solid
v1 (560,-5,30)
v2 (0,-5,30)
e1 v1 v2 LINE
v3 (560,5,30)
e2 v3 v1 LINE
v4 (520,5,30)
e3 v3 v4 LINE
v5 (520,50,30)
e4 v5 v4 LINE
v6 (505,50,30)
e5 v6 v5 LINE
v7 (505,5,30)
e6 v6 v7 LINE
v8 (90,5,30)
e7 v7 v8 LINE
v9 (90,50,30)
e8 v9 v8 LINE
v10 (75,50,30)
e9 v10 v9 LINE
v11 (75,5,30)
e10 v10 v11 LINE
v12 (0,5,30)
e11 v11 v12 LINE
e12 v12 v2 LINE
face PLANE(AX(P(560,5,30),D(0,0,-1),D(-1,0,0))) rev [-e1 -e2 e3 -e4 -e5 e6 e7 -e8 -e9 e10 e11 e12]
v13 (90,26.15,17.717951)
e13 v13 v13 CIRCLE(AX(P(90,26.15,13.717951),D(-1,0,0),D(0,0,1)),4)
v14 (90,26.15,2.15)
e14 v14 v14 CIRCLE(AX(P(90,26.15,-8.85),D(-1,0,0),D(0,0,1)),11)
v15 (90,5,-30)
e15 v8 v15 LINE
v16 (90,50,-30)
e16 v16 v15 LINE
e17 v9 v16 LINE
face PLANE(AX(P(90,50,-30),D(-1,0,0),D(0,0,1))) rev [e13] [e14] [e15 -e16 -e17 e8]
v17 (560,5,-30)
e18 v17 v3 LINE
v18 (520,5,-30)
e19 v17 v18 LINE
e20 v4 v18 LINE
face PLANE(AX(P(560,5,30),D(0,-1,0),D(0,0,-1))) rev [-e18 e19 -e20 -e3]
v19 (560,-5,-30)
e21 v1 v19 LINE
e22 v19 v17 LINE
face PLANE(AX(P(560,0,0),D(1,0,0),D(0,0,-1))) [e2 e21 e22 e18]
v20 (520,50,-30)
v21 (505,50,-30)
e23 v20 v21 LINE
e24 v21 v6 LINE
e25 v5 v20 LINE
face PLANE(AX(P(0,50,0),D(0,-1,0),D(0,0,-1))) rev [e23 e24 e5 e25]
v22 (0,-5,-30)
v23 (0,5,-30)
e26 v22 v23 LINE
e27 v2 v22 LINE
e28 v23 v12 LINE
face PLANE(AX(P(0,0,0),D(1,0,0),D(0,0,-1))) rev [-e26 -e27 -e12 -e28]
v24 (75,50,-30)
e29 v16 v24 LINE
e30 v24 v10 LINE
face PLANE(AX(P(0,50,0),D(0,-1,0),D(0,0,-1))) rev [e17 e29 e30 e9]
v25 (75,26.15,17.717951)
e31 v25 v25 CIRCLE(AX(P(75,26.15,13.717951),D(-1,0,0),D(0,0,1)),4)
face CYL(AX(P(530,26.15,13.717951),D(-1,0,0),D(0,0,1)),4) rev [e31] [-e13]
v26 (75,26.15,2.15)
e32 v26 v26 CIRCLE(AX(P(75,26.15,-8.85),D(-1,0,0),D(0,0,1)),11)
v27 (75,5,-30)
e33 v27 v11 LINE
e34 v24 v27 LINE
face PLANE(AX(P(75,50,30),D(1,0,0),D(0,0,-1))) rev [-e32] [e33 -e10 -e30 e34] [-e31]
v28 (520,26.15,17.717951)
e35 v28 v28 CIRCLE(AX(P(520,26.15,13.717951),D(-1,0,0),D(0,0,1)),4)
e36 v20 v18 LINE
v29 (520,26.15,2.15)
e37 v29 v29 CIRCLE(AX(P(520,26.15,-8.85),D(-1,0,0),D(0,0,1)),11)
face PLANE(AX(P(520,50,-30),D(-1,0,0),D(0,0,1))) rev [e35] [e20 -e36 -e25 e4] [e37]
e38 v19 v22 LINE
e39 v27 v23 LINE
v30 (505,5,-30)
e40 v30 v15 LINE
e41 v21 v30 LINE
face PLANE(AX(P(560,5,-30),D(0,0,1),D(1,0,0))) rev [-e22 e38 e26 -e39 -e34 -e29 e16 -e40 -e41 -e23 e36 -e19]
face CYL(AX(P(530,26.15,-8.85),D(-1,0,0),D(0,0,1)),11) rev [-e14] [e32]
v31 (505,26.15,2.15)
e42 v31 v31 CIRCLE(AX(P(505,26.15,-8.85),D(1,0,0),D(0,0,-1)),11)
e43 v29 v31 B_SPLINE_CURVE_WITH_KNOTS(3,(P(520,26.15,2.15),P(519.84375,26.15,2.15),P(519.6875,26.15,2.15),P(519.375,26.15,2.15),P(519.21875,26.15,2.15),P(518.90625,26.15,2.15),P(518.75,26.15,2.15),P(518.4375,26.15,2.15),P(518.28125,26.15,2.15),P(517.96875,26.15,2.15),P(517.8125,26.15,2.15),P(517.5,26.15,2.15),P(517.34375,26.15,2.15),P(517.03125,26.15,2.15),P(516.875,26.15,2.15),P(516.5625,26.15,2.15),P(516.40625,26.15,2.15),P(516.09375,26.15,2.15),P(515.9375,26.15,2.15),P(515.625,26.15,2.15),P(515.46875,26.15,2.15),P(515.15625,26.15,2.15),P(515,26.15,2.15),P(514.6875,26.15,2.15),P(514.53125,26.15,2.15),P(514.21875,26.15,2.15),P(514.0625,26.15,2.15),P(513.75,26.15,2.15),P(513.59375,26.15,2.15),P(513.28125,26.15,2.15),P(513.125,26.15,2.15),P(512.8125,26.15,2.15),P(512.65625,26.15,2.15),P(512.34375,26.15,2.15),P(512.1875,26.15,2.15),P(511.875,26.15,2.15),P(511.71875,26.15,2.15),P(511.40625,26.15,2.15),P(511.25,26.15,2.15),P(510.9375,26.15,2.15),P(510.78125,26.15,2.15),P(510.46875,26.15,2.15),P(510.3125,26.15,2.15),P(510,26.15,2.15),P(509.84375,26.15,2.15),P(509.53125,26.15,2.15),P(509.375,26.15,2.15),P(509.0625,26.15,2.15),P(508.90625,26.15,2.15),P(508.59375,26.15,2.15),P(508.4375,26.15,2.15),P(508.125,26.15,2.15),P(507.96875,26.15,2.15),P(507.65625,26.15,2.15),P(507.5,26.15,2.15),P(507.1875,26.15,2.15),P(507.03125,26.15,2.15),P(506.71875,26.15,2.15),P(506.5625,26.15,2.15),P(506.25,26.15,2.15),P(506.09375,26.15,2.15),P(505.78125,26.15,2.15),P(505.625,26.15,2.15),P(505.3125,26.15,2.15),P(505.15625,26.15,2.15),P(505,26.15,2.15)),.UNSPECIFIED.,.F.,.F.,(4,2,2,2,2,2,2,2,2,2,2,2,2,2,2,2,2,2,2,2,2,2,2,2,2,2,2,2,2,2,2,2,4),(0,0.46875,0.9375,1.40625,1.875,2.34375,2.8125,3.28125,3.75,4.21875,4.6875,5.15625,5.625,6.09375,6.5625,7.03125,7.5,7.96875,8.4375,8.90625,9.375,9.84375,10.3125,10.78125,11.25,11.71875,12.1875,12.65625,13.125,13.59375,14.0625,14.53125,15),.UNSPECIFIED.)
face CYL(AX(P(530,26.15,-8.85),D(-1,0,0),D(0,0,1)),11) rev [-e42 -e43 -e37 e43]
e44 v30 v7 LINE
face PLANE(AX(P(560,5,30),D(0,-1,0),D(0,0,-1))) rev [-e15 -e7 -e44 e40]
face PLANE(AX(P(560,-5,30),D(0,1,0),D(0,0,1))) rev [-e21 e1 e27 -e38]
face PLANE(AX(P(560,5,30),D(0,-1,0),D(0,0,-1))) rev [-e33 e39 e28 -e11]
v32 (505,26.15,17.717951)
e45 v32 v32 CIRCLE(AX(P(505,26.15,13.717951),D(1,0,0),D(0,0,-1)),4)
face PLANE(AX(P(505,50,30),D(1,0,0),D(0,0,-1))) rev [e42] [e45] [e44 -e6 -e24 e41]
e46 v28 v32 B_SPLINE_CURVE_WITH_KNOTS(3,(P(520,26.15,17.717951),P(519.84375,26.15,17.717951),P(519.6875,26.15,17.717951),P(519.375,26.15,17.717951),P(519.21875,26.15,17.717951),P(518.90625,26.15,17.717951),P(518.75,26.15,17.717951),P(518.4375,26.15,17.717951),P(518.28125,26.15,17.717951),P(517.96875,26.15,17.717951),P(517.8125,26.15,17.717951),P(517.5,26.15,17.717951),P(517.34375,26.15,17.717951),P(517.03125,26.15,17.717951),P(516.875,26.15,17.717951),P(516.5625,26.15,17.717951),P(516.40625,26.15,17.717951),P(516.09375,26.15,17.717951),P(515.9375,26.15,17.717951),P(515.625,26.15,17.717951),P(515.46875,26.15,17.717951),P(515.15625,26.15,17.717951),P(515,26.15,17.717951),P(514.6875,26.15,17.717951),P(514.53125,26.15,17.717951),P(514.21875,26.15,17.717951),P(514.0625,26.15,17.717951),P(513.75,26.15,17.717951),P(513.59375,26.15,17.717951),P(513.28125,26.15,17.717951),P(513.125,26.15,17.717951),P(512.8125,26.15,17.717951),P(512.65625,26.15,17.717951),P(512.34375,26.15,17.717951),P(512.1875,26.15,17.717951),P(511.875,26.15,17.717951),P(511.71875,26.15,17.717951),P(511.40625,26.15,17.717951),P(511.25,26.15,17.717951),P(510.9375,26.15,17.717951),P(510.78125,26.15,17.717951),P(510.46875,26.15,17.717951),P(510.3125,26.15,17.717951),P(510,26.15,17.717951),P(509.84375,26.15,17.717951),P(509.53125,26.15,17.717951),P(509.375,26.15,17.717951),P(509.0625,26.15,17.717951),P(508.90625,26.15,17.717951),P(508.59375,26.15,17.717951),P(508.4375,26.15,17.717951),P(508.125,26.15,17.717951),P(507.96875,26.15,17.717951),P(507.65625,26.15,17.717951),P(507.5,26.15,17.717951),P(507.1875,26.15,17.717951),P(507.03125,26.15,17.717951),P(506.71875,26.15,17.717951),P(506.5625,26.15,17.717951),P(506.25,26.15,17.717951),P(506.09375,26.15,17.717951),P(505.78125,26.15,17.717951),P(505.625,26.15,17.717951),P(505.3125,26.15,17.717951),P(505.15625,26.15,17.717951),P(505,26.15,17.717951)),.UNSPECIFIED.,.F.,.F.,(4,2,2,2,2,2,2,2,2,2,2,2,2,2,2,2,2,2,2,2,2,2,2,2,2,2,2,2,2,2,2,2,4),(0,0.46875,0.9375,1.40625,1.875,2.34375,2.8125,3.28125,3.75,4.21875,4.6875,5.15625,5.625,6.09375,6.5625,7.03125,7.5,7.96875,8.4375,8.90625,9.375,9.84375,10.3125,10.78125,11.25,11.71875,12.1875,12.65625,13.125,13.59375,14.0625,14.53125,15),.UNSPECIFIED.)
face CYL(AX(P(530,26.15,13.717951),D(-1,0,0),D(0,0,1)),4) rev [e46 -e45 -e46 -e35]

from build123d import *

# Parameters (mm, degrees)
SKETCH2_W           = 60
SKETCH2_H           = 10
BOSS_EXTRUDE1_DEPTH = 560
SKETCH4_W           = 15
SKETCH4_H           = 60
BOSS_EXTRUDE2_DEPTH = 45
SKETCH5_W           = 15
SKETCH5_H           = 60
BOSS_EXTRUDE3_DEPTH = 45
SKETCH6_R           = 11
SKETCH6_R_2         = 4
CUT_EXTRUDE1_DEPTH  = 455


with BuildPart() as part:
    # Sketch2 → Boss-Extrude1 (new body)
    with BuildSketch(Plane(origin=(0, 0, 0), x_dir=(0, 0, -1), z_dir=(1, 0, 0))):
        Rectangle(SKETCH2_W, SKETCH2_H)
    extrude(amount=BOSS_EXTRUDE1_DEPTH)

    # Sketch4 → Boss-Extrude2 (add)
    with BuildSketch(Plane(origin=(0, 5, 0), x_dir=(1, 0, 0), z_dir=(0, 1, 0))):
        with Locations((82.5, 0)):
            Rectangle(SKETCH4_W, SKETCH4_H)
    extrude(amount=BOSS_EXTRUDE2_DEPTH)

    # Sketch5 → Boss-Extrude3 (add)
    with BuildSketch(Plane(origin=(0, 5, 0), x_dir=(1, 0, 0), z_dir=(0, 1, 0))):
        with Locations((512.5, 0)):
            Rectangle(SKETCH5_W, SKETCH5_H)
    extrude(amount=BOSS_EXTRUDE3_DEPTH)

    # Sketch6 → Cut-Extrude1 (cut)
    with BuildSketch(Plane.ZY.offset(-75)):
        with Locations((-8.85, 26.15)):
            Circle(SKETCH6_R)
        with Locations((13.717950956, 26.15)):
            Circle(SKETCH6_R_2)
    extrude(amount=-CUT_EXTRUDE1_DEPTH, mode=Mode.SUBTRACT)


solid = part.part
